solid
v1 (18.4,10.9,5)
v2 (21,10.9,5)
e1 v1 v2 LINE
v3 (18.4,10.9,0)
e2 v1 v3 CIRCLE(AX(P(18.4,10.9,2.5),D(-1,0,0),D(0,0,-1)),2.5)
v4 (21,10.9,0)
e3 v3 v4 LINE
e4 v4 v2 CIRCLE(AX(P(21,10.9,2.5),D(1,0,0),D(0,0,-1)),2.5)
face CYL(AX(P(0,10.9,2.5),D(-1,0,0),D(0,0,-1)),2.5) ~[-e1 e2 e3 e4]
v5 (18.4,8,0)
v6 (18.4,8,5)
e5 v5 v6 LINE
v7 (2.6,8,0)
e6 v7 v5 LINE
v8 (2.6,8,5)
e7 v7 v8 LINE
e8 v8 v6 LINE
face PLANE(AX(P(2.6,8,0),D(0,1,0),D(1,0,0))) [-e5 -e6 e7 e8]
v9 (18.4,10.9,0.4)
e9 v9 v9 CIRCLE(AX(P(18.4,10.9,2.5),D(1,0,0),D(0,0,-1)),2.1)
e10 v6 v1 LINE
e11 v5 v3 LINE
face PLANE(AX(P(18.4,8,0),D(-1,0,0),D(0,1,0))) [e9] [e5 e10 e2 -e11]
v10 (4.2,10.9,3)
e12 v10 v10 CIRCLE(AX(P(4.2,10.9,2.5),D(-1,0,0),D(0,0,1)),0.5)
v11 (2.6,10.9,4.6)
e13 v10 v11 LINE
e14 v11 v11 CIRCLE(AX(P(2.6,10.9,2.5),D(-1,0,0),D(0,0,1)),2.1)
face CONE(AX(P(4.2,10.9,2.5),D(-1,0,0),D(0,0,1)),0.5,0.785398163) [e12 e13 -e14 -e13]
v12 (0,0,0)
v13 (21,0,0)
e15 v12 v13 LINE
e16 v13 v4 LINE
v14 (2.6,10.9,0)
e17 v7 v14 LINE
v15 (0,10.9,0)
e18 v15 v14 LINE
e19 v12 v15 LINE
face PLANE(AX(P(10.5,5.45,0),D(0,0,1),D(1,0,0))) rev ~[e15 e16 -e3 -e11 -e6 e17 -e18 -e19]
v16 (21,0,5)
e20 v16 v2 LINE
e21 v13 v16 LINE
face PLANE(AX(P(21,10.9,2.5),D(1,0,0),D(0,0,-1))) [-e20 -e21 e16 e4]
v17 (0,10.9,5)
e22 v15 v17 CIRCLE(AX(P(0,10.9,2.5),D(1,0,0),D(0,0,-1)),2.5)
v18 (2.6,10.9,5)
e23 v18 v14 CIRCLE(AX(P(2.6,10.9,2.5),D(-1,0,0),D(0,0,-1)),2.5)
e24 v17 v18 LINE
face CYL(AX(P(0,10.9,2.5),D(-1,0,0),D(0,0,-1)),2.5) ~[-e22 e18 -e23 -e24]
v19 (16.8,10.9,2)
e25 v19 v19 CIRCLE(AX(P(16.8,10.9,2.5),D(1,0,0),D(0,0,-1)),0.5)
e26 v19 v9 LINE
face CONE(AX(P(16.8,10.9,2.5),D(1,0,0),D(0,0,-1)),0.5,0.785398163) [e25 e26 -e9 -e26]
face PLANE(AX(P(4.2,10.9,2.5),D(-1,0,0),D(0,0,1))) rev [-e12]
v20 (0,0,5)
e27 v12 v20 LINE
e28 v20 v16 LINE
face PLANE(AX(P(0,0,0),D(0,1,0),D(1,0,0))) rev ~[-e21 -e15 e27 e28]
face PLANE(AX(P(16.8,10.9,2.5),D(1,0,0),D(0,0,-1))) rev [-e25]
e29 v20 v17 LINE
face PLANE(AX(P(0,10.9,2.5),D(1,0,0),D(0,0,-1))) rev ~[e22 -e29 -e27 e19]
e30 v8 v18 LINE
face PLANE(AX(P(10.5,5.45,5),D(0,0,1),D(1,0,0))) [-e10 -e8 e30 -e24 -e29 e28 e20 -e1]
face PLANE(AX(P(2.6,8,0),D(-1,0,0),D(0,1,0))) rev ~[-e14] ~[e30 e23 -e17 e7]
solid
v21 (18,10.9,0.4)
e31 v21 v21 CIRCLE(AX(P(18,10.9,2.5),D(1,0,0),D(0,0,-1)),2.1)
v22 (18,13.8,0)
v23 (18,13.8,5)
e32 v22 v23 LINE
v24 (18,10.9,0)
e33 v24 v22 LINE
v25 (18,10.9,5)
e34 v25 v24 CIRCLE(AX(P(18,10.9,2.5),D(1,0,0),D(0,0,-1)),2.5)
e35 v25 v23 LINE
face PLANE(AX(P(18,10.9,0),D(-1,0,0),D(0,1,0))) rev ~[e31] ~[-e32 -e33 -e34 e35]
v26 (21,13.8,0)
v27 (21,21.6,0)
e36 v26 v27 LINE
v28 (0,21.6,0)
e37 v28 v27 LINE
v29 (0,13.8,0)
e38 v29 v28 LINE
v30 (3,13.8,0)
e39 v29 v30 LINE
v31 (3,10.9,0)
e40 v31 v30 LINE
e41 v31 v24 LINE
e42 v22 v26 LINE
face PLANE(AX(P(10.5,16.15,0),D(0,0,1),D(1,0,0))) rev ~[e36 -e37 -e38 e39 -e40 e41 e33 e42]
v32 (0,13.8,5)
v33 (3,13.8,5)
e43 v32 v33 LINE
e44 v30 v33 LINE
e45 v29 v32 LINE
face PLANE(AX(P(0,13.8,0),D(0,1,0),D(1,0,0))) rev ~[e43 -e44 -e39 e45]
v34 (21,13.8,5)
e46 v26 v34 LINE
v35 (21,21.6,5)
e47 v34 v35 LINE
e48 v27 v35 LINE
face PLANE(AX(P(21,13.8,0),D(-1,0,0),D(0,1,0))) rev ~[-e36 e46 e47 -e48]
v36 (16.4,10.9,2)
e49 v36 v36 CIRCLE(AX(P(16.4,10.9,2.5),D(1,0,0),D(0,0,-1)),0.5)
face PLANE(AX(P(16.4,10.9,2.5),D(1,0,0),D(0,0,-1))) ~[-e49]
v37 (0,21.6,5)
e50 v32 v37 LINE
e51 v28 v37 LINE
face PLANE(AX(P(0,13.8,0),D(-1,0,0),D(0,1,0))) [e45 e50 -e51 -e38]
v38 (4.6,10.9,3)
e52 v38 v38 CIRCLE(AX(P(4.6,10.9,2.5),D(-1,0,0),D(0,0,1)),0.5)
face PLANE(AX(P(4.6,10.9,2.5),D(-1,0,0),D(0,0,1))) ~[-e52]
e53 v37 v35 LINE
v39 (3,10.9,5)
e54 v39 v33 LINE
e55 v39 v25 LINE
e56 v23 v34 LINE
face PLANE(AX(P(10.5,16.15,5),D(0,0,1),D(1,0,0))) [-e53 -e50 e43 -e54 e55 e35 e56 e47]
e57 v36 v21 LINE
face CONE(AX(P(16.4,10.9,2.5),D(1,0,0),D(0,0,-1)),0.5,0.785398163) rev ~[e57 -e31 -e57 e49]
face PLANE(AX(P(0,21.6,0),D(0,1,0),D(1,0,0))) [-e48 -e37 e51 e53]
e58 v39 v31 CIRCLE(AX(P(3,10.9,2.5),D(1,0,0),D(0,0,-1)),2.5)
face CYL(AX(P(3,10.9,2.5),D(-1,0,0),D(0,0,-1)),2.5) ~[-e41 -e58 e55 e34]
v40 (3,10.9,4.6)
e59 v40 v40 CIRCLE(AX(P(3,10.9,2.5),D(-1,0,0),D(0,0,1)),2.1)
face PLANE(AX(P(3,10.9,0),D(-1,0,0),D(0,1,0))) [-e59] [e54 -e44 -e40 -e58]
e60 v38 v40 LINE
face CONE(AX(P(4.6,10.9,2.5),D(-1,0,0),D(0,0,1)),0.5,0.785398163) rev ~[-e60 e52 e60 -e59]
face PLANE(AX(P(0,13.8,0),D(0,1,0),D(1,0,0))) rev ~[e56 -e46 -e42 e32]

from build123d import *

# Parameters (mm, degrees)
BOX001_W          = 15.8
BOX001_H          = 5.8
BOX001_DEPTH      = 5
CYLINDER_R        = 2.5
CYLINDER_DEPTH    = 21
BOX_W             = 21
BOX_H             = 10.9
BOX_DEPTH         = 5
BOX002_W          = 15
BOX002_H          = 10.5
BOX002_DEPTH      = 5
CYLINDER001_R     = 2.5
CYLINDER001_DEPTH = 15
BOX003_W          = 21
BOX003_H          = 7.8
BOX003_DEPTH      = 5


with BuildPart() as cone003:
    # Cone003 → Cone003 (revolve)
    with BuildSketch(Plane(origin=(16.8, 10.9, 2.5), x_dir=(0, 0, -1), z_dir=(0, -1, 0))):
        Polygon((0, 0), (0.5, 0), (2.1, 1.6), (0, 1.6), align=None)
    revolve(axis=Axis((16.8, 10.9, 2.5), (1, 0, 0)))


with BuildPart() as cube001:
    # Box001 → Box001 (new body)
    with BuildSketch(Plane(origin=(2.6, 8, 0), x_dir=(1, 0, 0), z_dir=(0, 0, 1))):
        with Locations((7.9, 2.9)):
            Rectangle(BOX001_W, BOX001_H)
    extrude(amount=BOX001_DEPTH)


with BuildPart() as cylinder:
    # Cylinder → Cylinder (new body)
    with BuildSketch(Plane(origin=(0, 10.9, 2.5), x_dir=(0, 0, -1), z_dir=(1, 0, 0))):
        Circle(CYLINDER_R)
    extrude(amount=CYLINDER_DEPTH)


with BuildPart() as cut:
    # Box → Box (new body)
    with BuildSketch(Plane.XY):
        with Locations((10.5, 5.45)):
            Rectangle(BOX_W, BOX_H)
    extrude(amount=BOX_DEPTH)

    # Fusion: union Cylinder
    add(cylinder.part)

    # Cut: cut Cube001
    add(cube001.part, mode=Mode.SUBTRACT)


with BuildPart() as fusion001:
    # Cone → Cone (revolve)
    with BuildSketch(Plane(origin=(4.2, 10.9, 2.5), x_dir=(0, 0, 1), z_dir=(0, -1, 0))):
        Polygon((0, 0), (0.5, 0), (2.1, 1.6), (0, 1.6), align=None)
    revolve(axis=Axis((4.2, 10.9, 2.5), (-1, 0, 0)))

    # Fusion001: union Cone003, Cut
    add(cone003.part)
    add(cut.part)


with BuildPart() as cone002:
    # Cone002 → Cone002 (revolve)
    with BuildSketch(Plane(origin=(4.6, 10.9, 2.5), x_dir=(0, 0, 1), z_dir=(0, -1, 0))):
        Polygon((0, 0), (0.5, 0), (2.5, 2), (0, 2), align=None)
    revolve(axis=Axis((4.6, 10.9, 2.5), (-1, 0, 0)))


with BuildPart() as fusion003:
    # Cone004 → Cone004 (revolve)
    with BuildSketch(Plane(origin=(16.4, 10.9, 2.5), x_dir=(0, 0, -1), z_dir=(0, -1, 0))):
        Polygon((0, 0), (0.5, 0), (2.5, 2), (0, 2), align=None)
    revolve(axis=Axis((16.4, 10.9, 2.5), (1, 0, 0)))

    # Fusion003: union Cone002
    add(cone002.part)


with BuildPart() as cube002:
    # Box002 → Box002 (new body)
    with BuildSketch(Plane(origin=(3, 10.9, 0), x_dir=(1, 0, 0), z_dir=(0, 0, 1))):
        with Locations((7.5, 5.25)):
            Rectangle(BOX002_W, BOX002_H)
    extrude(amount=BOX002_DEPTH)


with BuildPart() as cylinder001:
    # Cylinder001 → Cylinder001 (new body)
    with BuildSketch(Plane(origin=(3, 10.9, 2.5), x_dir=(0, 0, -1), z_dir=(1, 0, 0))):
        Circle(CYLINDER001_R)
    extrude(amount=CYLINDER001_DEPTH)


with BuildPart() as cut001:
    # Box003 → Box003 (new body)
    with BuildSketch(Plane(origin=(0, 13.8, 0), x_dir=(1, 0, 0), z_dir=(0, 0, 1))):
        with Locations((10.5, 3.9)):
            Rectangle(BOX003_W, BOX003_H)
    extrude(amount=BOX003_DEPTH)

    # Fusion002: union Cube002, Cylinder001
    add(cube002.part)
    add(cylinder001.part)

    # Cut001: cut Fusion003
    add(fusion003.part, mode=Mode.SUBTRACT)


solid = Compound([fusion001.part, cut001.part])
